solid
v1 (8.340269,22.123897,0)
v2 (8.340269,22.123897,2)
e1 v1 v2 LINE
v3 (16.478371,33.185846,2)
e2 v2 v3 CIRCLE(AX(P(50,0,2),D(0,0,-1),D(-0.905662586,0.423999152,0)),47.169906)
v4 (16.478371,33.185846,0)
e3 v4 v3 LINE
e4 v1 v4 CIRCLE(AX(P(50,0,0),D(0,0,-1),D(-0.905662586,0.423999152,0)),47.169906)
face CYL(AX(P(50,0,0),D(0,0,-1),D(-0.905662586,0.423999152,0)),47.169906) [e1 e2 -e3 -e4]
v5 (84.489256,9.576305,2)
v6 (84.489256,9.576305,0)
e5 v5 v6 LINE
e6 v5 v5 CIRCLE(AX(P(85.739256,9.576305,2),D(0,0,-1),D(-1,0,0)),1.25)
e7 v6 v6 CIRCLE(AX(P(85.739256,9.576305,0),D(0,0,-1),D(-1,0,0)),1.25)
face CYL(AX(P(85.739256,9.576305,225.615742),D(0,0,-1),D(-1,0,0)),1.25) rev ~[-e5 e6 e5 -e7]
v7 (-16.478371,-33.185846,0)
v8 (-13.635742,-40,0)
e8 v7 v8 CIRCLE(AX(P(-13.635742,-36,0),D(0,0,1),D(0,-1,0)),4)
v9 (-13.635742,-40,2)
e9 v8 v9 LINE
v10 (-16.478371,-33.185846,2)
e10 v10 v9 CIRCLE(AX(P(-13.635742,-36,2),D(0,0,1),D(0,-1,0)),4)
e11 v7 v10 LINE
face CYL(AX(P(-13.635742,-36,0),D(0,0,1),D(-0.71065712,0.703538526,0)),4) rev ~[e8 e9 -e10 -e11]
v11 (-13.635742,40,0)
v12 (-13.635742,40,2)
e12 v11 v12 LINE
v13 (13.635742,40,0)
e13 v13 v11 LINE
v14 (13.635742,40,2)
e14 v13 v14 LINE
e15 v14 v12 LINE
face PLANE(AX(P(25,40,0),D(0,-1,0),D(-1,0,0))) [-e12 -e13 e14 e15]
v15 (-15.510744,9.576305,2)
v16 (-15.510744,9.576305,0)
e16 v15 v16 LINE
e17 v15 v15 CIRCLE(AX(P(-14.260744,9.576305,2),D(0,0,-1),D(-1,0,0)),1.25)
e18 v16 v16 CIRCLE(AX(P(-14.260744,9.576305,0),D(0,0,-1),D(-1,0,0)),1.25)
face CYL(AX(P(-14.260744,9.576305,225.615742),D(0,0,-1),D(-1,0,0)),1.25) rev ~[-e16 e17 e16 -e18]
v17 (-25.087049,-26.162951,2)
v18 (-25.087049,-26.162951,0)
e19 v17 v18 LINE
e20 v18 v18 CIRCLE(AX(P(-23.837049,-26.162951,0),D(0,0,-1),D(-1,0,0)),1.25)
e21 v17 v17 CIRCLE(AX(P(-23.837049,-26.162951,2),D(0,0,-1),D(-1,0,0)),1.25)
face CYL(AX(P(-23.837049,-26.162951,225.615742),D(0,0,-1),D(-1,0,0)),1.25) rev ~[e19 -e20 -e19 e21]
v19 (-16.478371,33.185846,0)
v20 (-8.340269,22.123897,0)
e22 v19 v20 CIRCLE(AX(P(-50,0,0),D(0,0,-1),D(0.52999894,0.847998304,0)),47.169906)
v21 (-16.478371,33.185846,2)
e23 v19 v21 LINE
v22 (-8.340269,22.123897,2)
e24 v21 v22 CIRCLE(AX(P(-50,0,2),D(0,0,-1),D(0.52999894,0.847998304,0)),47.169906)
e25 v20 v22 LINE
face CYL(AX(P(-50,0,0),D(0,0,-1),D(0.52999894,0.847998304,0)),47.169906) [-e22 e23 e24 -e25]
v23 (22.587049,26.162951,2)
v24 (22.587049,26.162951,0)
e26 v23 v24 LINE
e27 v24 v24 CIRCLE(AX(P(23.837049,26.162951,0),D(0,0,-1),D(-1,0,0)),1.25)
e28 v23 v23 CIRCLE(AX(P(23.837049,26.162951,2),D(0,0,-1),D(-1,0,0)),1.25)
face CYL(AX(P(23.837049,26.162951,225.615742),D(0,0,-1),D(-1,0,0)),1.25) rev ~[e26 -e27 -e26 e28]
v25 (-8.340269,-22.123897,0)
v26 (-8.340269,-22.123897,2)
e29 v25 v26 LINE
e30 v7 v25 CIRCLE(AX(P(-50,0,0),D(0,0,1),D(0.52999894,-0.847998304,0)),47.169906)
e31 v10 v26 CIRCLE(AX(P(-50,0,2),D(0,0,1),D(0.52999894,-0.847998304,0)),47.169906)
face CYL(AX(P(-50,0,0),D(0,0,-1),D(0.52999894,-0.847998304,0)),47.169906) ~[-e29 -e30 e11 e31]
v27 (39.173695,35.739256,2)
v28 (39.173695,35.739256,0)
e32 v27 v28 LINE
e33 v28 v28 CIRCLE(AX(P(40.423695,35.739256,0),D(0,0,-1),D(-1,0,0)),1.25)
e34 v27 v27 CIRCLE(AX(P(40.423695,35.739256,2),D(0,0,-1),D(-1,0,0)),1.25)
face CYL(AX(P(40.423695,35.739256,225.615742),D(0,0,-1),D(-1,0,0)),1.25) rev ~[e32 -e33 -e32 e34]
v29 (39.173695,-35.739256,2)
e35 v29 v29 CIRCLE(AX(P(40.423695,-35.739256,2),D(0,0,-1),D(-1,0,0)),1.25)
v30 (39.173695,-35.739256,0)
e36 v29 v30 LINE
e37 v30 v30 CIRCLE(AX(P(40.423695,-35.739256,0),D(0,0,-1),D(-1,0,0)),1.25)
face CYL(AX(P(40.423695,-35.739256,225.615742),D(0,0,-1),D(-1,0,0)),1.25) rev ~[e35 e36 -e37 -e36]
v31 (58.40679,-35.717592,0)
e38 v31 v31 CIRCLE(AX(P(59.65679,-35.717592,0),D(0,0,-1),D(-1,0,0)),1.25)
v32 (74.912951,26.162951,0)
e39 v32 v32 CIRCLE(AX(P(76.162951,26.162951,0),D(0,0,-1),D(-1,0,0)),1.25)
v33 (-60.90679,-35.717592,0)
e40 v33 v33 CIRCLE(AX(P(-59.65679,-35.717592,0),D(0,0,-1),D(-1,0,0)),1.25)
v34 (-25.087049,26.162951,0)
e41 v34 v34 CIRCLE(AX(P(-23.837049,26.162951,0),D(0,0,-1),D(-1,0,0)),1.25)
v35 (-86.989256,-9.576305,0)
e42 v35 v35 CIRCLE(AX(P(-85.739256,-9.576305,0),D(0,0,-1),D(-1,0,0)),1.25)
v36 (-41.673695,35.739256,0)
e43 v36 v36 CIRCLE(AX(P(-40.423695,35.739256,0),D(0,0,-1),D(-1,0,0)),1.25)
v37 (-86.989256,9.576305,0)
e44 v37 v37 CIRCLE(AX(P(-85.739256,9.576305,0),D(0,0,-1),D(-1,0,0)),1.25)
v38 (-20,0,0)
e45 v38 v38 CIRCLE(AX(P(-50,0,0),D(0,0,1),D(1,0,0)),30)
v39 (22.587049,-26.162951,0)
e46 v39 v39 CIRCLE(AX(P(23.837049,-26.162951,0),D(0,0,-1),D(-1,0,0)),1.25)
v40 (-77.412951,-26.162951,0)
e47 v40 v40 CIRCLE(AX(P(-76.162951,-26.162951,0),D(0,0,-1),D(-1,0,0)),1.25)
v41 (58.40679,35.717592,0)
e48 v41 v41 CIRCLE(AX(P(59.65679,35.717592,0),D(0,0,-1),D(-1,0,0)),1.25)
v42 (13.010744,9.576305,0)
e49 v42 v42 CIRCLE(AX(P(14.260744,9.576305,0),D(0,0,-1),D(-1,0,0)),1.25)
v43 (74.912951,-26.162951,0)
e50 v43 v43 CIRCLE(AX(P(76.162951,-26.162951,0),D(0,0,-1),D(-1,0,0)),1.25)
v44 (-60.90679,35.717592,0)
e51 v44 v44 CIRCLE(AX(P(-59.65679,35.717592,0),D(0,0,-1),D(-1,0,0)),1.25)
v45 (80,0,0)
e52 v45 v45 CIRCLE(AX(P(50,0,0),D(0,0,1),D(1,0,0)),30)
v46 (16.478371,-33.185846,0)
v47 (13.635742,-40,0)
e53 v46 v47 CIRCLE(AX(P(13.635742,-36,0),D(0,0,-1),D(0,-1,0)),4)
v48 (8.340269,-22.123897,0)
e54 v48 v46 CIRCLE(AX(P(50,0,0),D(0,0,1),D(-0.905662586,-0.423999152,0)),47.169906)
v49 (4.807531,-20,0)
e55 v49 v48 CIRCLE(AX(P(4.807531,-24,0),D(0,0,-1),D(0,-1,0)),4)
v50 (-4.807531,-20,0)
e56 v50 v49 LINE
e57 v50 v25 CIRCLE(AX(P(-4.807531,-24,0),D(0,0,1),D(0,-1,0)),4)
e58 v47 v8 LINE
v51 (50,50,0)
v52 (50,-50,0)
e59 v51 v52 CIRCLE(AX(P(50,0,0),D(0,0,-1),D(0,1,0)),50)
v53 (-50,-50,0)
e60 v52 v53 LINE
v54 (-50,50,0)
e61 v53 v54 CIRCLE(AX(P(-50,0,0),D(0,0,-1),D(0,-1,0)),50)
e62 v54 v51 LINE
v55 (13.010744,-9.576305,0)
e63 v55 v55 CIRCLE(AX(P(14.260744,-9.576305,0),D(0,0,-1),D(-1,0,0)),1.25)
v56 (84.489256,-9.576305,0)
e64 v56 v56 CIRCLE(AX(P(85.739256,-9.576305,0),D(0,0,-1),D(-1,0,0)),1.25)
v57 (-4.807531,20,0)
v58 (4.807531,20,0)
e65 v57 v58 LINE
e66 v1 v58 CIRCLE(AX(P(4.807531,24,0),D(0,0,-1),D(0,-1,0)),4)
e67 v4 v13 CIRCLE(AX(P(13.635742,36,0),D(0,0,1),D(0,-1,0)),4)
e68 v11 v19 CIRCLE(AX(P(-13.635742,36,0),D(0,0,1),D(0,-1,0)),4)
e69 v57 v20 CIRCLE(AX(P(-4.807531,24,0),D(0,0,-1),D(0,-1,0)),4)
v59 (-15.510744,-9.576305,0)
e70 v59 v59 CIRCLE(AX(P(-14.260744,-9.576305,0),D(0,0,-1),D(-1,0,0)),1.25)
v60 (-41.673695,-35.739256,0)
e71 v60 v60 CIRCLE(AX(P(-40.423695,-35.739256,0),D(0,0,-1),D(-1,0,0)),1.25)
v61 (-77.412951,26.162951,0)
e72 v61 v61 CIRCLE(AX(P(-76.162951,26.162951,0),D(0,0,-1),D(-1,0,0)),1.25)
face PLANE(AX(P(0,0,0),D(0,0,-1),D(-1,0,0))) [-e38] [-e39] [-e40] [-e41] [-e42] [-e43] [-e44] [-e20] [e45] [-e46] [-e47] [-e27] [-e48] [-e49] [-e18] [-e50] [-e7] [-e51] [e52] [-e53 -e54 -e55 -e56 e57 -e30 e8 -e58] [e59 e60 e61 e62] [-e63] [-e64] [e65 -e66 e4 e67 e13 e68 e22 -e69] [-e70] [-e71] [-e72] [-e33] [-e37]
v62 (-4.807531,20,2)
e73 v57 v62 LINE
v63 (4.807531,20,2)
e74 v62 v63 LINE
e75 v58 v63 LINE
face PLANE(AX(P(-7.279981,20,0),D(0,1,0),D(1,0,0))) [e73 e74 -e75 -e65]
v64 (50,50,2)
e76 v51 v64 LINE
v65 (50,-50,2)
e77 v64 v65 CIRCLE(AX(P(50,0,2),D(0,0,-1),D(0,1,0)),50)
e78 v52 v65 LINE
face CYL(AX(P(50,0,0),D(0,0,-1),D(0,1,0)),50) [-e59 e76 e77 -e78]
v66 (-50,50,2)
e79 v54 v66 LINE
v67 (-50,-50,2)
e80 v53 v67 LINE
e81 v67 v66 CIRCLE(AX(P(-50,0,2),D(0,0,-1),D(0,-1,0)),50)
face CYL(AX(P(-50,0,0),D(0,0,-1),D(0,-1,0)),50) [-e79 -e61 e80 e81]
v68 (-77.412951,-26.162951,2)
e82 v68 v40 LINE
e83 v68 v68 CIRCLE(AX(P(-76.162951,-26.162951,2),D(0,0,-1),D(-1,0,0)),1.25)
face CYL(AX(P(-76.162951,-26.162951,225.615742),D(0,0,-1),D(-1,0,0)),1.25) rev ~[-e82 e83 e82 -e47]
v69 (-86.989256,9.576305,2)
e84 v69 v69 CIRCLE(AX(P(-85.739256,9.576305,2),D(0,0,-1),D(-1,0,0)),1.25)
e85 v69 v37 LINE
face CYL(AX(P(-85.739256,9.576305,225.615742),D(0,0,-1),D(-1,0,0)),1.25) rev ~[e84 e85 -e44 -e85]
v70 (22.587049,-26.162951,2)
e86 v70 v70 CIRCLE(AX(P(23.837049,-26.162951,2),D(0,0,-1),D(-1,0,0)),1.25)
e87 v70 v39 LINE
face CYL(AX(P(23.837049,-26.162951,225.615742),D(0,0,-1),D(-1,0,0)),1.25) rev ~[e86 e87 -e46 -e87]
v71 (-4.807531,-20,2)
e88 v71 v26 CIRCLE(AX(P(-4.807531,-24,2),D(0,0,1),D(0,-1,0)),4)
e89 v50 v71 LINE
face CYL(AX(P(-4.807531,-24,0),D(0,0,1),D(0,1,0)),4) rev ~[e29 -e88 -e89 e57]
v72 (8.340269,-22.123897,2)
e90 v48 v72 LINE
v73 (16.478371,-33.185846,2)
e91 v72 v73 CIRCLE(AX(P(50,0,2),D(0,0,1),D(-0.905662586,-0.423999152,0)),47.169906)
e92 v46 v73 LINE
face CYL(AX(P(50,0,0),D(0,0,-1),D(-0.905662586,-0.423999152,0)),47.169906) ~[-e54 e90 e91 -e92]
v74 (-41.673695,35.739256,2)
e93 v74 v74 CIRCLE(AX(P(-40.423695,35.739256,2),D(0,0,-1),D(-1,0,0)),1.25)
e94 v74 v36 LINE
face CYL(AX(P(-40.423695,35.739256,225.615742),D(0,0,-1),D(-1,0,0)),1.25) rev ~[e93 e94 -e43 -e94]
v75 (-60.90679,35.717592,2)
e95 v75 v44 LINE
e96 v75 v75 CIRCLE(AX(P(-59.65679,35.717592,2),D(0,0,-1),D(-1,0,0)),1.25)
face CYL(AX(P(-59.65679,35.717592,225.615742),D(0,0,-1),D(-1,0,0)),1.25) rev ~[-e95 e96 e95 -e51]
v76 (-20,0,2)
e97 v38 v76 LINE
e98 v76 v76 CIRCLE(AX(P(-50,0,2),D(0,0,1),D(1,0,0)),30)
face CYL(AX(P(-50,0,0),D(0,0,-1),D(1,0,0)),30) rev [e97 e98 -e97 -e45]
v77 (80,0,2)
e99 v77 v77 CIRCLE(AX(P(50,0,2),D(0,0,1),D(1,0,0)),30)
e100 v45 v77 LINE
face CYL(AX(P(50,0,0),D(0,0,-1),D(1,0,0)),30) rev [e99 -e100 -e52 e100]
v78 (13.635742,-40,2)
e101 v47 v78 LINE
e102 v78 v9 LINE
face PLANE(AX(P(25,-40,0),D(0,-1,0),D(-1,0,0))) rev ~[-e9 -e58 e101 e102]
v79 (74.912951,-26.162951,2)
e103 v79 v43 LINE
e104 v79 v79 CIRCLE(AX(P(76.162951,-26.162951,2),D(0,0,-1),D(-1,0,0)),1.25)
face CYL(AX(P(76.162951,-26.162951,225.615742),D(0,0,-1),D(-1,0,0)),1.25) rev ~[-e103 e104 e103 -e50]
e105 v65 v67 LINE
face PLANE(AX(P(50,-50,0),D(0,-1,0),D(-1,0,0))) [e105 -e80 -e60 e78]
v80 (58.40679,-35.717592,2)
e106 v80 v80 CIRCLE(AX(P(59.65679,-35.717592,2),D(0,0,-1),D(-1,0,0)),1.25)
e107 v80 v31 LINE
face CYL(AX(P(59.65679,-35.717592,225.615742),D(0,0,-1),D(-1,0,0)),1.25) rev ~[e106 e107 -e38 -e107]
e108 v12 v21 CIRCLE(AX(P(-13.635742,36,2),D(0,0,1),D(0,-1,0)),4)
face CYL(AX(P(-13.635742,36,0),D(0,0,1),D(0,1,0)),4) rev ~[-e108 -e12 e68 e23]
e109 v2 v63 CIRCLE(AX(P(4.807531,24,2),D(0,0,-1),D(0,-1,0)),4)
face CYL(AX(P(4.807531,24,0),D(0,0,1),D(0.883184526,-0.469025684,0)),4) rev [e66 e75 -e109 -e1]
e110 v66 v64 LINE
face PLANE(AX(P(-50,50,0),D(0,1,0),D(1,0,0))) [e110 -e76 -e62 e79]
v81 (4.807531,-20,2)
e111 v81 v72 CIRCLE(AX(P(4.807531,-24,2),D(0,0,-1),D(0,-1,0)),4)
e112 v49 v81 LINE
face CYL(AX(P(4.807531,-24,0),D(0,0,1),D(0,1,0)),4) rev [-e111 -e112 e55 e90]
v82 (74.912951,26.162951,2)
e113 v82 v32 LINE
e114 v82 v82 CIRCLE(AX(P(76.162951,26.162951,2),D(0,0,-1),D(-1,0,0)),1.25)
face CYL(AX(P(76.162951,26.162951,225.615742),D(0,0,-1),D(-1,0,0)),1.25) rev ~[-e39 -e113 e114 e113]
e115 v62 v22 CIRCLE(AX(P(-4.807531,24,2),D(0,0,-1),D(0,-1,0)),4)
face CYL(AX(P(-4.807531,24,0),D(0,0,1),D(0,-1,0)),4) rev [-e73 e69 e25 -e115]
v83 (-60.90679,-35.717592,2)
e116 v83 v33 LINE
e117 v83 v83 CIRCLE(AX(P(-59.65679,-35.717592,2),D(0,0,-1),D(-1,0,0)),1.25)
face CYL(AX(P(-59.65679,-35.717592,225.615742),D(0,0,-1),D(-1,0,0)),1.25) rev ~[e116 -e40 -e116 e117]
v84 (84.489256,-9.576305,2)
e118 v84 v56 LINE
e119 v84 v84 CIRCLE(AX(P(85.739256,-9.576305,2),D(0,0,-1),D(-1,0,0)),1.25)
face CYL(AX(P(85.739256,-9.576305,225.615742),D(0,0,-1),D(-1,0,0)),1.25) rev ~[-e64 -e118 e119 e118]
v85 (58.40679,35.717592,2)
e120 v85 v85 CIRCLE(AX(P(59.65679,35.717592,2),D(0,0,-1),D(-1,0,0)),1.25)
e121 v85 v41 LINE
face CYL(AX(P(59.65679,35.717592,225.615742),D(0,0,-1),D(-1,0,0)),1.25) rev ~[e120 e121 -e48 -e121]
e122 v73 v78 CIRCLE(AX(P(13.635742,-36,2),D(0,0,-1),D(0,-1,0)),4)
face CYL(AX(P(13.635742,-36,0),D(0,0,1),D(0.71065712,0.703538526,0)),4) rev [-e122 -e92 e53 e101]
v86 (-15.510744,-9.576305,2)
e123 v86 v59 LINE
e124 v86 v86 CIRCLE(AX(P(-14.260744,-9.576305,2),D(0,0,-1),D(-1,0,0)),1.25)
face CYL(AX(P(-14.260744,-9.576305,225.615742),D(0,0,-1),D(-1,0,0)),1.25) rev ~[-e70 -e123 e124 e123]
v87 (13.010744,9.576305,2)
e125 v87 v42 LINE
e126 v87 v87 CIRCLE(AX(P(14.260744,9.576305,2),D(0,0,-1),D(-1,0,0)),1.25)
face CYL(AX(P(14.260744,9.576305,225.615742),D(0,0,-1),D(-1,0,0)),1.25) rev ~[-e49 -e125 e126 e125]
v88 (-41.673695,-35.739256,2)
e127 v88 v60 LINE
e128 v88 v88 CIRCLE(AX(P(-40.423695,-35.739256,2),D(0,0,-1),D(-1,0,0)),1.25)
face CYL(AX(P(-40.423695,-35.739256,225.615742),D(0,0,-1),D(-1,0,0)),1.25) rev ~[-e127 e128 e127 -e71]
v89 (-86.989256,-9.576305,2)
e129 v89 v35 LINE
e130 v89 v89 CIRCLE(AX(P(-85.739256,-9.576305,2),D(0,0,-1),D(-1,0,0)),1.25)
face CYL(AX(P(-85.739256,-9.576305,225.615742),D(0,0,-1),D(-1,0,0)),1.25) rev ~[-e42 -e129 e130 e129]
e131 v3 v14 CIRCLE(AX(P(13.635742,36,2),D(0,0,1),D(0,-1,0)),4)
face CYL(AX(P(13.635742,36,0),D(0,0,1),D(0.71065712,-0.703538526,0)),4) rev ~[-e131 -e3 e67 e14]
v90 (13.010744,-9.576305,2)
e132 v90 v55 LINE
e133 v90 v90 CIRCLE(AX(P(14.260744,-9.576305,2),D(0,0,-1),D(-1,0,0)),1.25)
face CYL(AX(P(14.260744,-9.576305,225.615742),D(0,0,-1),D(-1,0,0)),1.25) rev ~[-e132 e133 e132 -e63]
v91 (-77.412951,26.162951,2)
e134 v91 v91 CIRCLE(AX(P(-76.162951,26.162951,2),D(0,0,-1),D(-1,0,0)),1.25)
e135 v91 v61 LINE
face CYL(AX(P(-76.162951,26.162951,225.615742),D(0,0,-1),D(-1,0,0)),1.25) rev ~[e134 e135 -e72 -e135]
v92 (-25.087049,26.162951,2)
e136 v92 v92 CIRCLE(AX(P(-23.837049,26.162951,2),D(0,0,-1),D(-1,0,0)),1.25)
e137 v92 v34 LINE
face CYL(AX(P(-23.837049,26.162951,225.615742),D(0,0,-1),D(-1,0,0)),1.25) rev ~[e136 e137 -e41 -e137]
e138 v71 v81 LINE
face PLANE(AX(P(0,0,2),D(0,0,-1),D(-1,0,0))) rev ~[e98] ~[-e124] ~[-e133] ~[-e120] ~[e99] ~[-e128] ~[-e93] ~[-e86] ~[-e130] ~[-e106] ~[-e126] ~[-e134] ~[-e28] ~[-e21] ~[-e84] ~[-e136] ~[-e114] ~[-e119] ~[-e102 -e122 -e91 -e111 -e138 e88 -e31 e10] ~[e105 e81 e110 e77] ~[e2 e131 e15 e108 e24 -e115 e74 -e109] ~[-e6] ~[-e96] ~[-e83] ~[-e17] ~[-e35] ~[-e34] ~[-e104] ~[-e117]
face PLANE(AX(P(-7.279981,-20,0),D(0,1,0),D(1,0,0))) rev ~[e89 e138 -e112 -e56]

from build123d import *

# Parameters (mm, degrees)
SKETCH_1_R         = 30
EXTRUDE_1_DEPTH    = 2
HOLE_WIZARD_M3_1_D = 2.5
FILLET_1_R         = 4


with BuildPart() as part:
    # 草图1 → 凸台-拉伸1 (new body)
    with BuildSketch(Plane.XY):
        with BuildLine():
            Line((-50, 50), (-25, 50))
            Line((-25, 50), (25, 50))
            Line((25, 50), (50, 50))
            ThreePointArc((50, 50), (100, 0), (50, -50))
            Line((50, -50), (25, -50))
            Line((25, -50), (-25, -50))
            Line((-25, -50), (-50, -50))
            ThreePointArc((-50, -50), (-100, 0), (-50, 50))
        make_face()
        with Locations((-50, 0)):
            Circle(SKETCH_1_R, mode=Mode.SUBTRACT)
        with Locations((50, 0)):
            Circle(SKETCH_1_R, mode=Mode.SUBTRACT)
        with BuildLine():
            Line((-7.279981273, -20), (7.279981273, -20))
            ThreePointArc((7.279981273, -20), (14.694189797, -31.280980898), (25, -40))
            Line((25, -40), (-25, -40))
            ThreePointArc((-25, -40), (-14.694189797, -31.280980898), (-7.279981273, -20))
        make_face(mode=Mode.SUBTRACT)
        with BuildLine():
            Line((25, 40), (-25, 40))
            ThreePointArc((-25, 40), (-14.694189797, 31.280980898), (-7.279981273, 20))
            Line((-7.279981273, 20), (7.279981273, 20))
            ThreePointArc((7.279981273, 20), (14.694189797, 31.280980898), (25, 40))
        make_face(mode=Mode.SUBTRACT)
    extrude(amount=EXTRUDE_1_DEPTH)

    # M3 螺纹孔的螺纹孔钻头1 (through all)
    with Locations(Plane(origin=(-40.423695331, 35.739255573, 2), x_dir=(1, 0, 0), z_dir=(0, 0, 1))):
        with Locations((0, 0), (16.586646235, -9.576304669), (26.162950904, -26.162950904), (-19.23309471, -0.021663184), (-35.739255573, -9.576304669), (-45.315560242, -26.162950904), (126.162950904, -26.162950904), (116.586646235, -9.576304669), (100.080485372, -0.021663184), (54.684439758, -26.162950904), (64.260744427, -9.576304669), (80.847390662, 0), (80.847390662, -71.478511146), (64.260744427, -61.902206477), (54.684439758, -45.315560242), (100.080485372, -71.456847962), (116.586646235, -61.902206477), (126.162950904, -45.315560242), (-45.315560242, -45.315560242), (-35.739255573, -61.902206477), (-19.23309471, -71.456847962), (26.162950904, -45.315560242), (16.586646235, -61.902206477), (0, -71.478511146)):
            Hole(HOLE_WIZARD_M3_1_D / 2)

    # 圆角1
    fillet_1_edges = [part.edges().sort_by_distance(p)[0] for p in [
        (-7.279981273, -20, 1),
        (-25, -40, 1),
        (25, -40, 1),
        (7.279981273, -20, 1),
        (7.279981273, 20, 1),
        (25, 40, 1),
        (-25, 40, 1),
        (-7.279981273, 20, 1),
    ]]
    fillet(fillet_1_edges, radius=FILLET_1_R)


solid = part.part
